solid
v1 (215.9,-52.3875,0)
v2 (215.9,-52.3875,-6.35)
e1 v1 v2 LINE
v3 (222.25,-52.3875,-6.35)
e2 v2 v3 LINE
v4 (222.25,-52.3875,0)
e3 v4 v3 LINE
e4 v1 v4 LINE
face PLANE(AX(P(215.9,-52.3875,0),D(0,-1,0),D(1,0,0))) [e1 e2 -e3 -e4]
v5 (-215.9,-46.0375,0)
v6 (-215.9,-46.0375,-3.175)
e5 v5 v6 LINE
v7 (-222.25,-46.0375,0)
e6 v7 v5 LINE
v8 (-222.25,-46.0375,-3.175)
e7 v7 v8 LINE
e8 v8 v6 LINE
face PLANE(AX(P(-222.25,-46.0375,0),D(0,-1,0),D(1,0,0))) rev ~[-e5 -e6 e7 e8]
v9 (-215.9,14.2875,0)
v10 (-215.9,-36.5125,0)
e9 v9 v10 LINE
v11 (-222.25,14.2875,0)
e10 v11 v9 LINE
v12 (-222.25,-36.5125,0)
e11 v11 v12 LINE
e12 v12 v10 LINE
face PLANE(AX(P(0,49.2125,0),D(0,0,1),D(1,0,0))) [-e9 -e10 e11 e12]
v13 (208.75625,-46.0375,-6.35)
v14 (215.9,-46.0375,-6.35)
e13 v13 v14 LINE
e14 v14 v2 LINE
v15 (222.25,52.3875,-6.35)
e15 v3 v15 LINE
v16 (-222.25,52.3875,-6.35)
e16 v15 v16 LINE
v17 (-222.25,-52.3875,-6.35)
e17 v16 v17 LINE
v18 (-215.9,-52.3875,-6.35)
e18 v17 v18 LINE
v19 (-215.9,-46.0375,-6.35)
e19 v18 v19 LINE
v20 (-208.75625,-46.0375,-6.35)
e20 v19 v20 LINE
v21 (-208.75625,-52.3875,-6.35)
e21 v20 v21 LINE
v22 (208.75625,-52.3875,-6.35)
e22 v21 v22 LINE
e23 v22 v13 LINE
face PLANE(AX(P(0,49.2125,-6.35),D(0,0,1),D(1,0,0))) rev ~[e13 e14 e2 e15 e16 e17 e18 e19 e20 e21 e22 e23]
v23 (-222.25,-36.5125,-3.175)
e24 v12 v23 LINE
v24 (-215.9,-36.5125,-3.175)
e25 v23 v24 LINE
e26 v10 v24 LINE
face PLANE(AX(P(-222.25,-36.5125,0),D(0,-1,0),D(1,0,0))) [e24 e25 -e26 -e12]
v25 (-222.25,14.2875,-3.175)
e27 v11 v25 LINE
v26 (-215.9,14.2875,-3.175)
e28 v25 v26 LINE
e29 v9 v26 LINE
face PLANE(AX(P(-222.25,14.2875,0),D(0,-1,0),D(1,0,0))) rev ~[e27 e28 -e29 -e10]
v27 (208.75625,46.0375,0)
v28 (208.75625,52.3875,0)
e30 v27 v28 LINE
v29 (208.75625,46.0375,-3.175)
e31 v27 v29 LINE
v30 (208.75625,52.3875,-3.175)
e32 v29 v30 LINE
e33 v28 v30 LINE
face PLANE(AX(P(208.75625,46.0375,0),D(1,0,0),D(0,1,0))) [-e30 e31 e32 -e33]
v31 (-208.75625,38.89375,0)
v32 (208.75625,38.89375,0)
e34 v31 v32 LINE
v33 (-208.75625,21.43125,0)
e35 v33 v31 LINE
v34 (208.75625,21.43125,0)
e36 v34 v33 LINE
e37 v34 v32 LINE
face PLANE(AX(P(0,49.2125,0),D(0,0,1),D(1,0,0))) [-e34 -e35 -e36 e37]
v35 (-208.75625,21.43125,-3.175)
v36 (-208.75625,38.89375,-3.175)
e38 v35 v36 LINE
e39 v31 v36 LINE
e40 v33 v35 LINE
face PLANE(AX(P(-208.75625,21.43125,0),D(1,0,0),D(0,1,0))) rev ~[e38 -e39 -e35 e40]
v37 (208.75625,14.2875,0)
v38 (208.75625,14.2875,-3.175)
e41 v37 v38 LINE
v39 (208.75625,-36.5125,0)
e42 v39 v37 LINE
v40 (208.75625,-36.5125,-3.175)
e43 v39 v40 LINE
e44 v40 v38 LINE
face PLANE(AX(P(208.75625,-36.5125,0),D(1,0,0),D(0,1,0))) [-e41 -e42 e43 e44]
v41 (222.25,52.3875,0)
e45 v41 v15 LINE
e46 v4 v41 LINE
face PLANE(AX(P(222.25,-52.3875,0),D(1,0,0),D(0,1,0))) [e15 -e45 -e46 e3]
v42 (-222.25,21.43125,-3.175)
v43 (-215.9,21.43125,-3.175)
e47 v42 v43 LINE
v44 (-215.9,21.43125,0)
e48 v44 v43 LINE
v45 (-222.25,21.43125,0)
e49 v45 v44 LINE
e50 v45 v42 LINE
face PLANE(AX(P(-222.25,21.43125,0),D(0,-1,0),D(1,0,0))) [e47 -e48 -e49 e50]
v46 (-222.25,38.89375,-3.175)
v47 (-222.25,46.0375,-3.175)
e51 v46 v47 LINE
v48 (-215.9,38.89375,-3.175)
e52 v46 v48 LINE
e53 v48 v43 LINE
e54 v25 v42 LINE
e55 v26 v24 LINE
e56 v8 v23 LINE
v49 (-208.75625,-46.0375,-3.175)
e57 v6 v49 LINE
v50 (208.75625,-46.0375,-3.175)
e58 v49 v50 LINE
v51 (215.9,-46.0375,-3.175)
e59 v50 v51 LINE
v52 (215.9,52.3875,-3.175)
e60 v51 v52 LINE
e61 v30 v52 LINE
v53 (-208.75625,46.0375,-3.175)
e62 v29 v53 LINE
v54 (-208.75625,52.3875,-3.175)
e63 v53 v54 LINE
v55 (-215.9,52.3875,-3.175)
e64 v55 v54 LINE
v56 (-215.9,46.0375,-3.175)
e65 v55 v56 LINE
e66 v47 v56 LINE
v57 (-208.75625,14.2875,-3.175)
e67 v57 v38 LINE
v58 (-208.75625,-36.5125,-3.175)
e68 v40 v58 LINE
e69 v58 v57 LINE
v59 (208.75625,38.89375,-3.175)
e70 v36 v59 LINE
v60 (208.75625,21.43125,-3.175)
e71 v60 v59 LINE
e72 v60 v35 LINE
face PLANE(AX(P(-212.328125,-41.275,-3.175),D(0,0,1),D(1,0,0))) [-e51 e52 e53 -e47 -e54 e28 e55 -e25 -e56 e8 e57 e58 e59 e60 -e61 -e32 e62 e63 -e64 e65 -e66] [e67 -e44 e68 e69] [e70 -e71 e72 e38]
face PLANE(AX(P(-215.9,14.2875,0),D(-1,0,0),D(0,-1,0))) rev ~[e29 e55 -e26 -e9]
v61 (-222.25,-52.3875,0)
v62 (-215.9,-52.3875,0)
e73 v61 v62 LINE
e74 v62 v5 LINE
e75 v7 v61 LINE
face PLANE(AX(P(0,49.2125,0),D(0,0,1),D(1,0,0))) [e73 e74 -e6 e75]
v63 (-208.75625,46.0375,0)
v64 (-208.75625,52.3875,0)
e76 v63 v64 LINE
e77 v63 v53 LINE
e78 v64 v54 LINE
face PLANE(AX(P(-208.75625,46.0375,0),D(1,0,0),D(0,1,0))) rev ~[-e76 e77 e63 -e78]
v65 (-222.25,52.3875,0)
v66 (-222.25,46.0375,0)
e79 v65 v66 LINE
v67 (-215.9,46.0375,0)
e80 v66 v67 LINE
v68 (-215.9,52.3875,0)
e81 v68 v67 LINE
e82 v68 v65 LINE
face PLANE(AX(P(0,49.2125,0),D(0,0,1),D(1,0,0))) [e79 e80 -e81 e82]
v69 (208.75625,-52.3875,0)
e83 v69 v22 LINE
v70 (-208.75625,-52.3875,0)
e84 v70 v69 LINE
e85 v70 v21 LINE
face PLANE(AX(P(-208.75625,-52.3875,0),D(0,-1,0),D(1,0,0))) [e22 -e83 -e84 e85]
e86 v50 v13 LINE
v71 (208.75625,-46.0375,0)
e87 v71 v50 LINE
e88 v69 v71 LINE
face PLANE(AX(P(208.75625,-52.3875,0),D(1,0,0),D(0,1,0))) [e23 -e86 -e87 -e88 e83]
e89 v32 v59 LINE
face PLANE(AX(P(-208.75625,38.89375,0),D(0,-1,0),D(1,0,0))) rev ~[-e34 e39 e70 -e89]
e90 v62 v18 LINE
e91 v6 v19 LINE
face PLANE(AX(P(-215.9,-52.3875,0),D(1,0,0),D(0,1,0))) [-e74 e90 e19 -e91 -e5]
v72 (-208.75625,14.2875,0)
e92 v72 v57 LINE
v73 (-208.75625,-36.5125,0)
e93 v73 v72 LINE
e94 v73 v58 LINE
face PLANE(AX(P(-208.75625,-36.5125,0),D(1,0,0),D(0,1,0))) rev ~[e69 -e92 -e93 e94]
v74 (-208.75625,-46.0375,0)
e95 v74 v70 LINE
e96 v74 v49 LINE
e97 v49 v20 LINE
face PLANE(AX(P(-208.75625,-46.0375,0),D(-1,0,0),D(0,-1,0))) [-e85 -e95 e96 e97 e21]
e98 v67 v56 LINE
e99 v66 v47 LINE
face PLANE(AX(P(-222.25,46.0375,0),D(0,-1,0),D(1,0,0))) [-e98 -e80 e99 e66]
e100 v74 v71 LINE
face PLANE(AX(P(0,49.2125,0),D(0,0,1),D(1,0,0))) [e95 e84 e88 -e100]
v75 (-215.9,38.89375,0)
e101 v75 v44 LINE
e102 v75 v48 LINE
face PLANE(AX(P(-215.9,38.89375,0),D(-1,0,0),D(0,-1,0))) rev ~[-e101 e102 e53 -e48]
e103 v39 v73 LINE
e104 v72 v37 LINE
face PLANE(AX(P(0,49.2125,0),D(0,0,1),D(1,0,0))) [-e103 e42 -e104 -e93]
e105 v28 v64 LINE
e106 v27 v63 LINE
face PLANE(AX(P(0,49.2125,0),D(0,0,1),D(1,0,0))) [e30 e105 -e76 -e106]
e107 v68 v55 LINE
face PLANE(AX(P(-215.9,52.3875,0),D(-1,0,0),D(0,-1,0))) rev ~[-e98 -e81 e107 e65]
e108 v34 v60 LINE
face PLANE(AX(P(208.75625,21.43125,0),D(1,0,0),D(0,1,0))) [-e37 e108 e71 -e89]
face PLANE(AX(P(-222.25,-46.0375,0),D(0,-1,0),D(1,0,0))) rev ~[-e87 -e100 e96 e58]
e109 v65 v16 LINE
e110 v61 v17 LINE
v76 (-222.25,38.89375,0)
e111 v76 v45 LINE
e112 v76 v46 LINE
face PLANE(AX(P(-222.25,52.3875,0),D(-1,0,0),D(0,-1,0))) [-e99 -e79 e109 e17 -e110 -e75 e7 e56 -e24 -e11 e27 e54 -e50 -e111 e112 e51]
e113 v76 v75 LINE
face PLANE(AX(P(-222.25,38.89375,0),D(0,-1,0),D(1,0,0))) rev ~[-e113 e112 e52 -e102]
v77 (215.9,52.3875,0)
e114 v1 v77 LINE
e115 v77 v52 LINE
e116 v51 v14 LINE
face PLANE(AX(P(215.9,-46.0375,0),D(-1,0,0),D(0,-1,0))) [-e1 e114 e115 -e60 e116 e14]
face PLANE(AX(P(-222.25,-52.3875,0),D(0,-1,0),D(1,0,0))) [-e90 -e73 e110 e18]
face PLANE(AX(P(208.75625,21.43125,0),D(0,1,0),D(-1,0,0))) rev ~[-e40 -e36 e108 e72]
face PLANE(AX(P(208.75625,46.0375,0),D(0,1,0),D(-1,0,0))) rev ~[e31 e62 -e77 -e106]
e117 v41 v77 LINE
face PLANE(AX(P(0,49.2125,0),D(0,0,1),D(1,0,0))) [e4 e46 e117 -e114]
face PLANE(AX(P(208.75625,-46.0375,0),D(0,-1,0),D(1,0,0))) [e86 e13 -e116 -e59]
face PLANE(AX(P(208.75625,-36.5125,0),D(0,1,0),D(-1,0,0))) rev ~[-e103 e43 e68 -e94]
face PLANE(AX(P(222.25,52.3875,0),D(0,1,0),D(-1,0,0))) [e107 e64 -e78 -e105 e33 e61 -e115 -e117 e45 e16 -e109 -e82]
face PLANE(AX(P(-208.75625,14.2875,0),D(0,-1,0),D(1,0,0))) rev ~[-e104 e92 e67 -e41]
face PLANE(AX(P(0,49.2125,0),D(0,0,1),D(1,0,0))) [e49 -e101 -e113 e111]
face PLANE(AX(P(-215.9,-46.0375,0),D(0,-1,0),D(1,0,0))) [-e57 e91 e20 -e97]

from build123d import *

# Parameters (mm, degrees)
F0_W     = 417.5125
F0_H     = 6.35
F0_W_2   = 7.14375
F0_H_2   = 50.8
F0_H_3   = 17.4625
F0_H_4   = 7.14375
F0_W_3   = 6.35
F0_H_5   = 9.525
F1_DEPTH = 6.35
F2_DEPTH = 3.175


with BuildPart() as f1:
    # F0 (on Top) → F1 (new body)
    with BuildSketch(Plane.XY):
        with Locations((0, 49.2125)):
            Rectangle(F0_W, F0_H)
        with Locations((0, -49.2125)):
            Rectangle(F0_W, F0_H)
        with Locations((-212.328125, -11.1125)):
            Rectangle(F0_W_2, F0_H_2)
        with Locations((-212.328125, 30.1625)):
            Rectangle(F0_W_2, F0_H_3)
        with Locations((0, 42.465625)):
            Rectangle(F0_W, F0_H_4)
        with Locations((0, 17.859375)):
            Rectangle(F0_W, F0_H_4)
        Polygon((222.25, -52.3875), (222.25, 52.3875), (215.9, 52.3875), (215.9, 46.0375), (215.9, 38.89375), (215.9, 21.43125), (215.9, 14.2875), (215.9, -36.5125), (215.9, -46.0375), (215.9, -52.3875), align=None)
        with Locations((-219.075, -11.1125)):
            Rectangle(F0_W_3, F0_H_2)
        with Locations((0, -41.275)):
            Rectangle(F0_W, F0_H_5)
        with Locations((0, -11.1125)):
            Rectangle(F0_W, F0_H_2)
        with Locations((0, 30.1625)):
            Rectangle(F0_W, F0_H_3)
        with Locations((-219.075, 42.465625)):
            Rectangle(F0_W_3, F0_H_4)
        with Locations((-212.328125, 49.2125)):
            Rectangle(F0_W_2, F0_H)
        with Locations((212.328125, 49.2125)):
            Rectangle(F0_W_2, F0_H)
        with Locations((-219.075, 49.2125)):
            Rectangle(F0_W_3, F0_H)
        with Locations((-212.328125, 17.859375)):
            Rectangle(F0_W_2, F0_H_4)
        with Locations((-212.328125, 42.465625)):
            Rectangle(F0_W_2, F0_H_4)
        with Locations((212.328125, 30.1625)):
            Rectangle(F0_W_2, F0_H_3)
        with Locations((-219.075, 30.1625)):
            Rectangle(F0_W_3, F0_H_3)
        with Locations((-219.075, 17.859375)):
            Rectangle(F0_W_3, F0_H_4)
        with Locations((-219.075, -41.275)):
            Rectangle(F0_W_3, F0_H_5)
        with Locations((212.328125, -41.275)):
            Rectangle(F0_W_2, F0_H_5)
        with Locations((212.328125, 42.465625)):
            Rectangle(F0_W_2, F0_H_4)
        with Locations((212.328125, 17.859375)):
            Rectangle(F0_W_2, F0_H_4)
        with Locations((-212.328125, -41.275)):
            Rectangle(F0_W_2, F0_H_5)
        with Locations((-219.075, -49.2125)):
            Rectangle(F0_W_3, F0_H)
        with Locations((212.328125, -11.1125)):
            Rectangle(F0_W_2, F0_H_2)
    extrude(amount=-F1_DEPTH)

    # F0 (on Top) → F2 (cut)
    with BuildSketch(Plane.XY):
        with Locations((-212.328125, -41.275)):
            Rectangle(F0_W_2, F0_H_5)
        with Locations((-212.328125, -11.1125)):
            Rectangle(F0_W_2, F0_H_2)
        with Locations((-212.328125, 17.859375)):
            Rectangle(F0_W_2, F0_H_4)
        with Locations((-212.328125, 30.1625)):
            Rectangle(F0_W_2, F0_H_3)
        with Locations((-212.328125, 42.465625)):
            Rectangle(F0_W_2, F0_H_4)
        with Locations((-212.328125, 49.2125)):
            Rectangle(F0_W_2, F0_H)
        with Locations((-219.075, 42.465625)):
            Rectangle(F0_W_3, F0_H_4)
        with Locations((-219.075, 17.859375)):
            Rectangle(F0_W_3, F0_H_4)
        with Locations((0, 17.859375)):
            Rectangle(F0_W, F0_H_4)
        with Locations((0, 42.465625)):
            Rectangle(F0_W, F0_H_4)
        with Locations((-219.075, -41.275)):
            Rectangle(F0_W_3, F0_H_5)
        with Locations((0, -41.275)):
            Rectangle(F0_W, F0_H_5)
        with Locations((212.328125, -41.275)):
            Rectangle(F0_W_2, F0_H_5)
        with Locations((212.328125, 17.859375)):
            Rectangle(F0_W_2, F0_H_4)
        with Locations((212.328125, 42.465625)):
            Rectangle(F0_W_2, F0_H_4)
        with Locations((212.328125, 49.2125)):
            Rectangle(F0_W_2, F0_H)
        with Locations((212.328125, 30.1625)):
            Rectangle(F0_W_2, F0_H_3)
        with Locations((212.328125, -11.1125)):
            Rectangle(F0_W_2, F0_H_2)
    extrude(amount=-F2_DEPTH, mode=Mode.SUBTRACT)


solid = f1.part
